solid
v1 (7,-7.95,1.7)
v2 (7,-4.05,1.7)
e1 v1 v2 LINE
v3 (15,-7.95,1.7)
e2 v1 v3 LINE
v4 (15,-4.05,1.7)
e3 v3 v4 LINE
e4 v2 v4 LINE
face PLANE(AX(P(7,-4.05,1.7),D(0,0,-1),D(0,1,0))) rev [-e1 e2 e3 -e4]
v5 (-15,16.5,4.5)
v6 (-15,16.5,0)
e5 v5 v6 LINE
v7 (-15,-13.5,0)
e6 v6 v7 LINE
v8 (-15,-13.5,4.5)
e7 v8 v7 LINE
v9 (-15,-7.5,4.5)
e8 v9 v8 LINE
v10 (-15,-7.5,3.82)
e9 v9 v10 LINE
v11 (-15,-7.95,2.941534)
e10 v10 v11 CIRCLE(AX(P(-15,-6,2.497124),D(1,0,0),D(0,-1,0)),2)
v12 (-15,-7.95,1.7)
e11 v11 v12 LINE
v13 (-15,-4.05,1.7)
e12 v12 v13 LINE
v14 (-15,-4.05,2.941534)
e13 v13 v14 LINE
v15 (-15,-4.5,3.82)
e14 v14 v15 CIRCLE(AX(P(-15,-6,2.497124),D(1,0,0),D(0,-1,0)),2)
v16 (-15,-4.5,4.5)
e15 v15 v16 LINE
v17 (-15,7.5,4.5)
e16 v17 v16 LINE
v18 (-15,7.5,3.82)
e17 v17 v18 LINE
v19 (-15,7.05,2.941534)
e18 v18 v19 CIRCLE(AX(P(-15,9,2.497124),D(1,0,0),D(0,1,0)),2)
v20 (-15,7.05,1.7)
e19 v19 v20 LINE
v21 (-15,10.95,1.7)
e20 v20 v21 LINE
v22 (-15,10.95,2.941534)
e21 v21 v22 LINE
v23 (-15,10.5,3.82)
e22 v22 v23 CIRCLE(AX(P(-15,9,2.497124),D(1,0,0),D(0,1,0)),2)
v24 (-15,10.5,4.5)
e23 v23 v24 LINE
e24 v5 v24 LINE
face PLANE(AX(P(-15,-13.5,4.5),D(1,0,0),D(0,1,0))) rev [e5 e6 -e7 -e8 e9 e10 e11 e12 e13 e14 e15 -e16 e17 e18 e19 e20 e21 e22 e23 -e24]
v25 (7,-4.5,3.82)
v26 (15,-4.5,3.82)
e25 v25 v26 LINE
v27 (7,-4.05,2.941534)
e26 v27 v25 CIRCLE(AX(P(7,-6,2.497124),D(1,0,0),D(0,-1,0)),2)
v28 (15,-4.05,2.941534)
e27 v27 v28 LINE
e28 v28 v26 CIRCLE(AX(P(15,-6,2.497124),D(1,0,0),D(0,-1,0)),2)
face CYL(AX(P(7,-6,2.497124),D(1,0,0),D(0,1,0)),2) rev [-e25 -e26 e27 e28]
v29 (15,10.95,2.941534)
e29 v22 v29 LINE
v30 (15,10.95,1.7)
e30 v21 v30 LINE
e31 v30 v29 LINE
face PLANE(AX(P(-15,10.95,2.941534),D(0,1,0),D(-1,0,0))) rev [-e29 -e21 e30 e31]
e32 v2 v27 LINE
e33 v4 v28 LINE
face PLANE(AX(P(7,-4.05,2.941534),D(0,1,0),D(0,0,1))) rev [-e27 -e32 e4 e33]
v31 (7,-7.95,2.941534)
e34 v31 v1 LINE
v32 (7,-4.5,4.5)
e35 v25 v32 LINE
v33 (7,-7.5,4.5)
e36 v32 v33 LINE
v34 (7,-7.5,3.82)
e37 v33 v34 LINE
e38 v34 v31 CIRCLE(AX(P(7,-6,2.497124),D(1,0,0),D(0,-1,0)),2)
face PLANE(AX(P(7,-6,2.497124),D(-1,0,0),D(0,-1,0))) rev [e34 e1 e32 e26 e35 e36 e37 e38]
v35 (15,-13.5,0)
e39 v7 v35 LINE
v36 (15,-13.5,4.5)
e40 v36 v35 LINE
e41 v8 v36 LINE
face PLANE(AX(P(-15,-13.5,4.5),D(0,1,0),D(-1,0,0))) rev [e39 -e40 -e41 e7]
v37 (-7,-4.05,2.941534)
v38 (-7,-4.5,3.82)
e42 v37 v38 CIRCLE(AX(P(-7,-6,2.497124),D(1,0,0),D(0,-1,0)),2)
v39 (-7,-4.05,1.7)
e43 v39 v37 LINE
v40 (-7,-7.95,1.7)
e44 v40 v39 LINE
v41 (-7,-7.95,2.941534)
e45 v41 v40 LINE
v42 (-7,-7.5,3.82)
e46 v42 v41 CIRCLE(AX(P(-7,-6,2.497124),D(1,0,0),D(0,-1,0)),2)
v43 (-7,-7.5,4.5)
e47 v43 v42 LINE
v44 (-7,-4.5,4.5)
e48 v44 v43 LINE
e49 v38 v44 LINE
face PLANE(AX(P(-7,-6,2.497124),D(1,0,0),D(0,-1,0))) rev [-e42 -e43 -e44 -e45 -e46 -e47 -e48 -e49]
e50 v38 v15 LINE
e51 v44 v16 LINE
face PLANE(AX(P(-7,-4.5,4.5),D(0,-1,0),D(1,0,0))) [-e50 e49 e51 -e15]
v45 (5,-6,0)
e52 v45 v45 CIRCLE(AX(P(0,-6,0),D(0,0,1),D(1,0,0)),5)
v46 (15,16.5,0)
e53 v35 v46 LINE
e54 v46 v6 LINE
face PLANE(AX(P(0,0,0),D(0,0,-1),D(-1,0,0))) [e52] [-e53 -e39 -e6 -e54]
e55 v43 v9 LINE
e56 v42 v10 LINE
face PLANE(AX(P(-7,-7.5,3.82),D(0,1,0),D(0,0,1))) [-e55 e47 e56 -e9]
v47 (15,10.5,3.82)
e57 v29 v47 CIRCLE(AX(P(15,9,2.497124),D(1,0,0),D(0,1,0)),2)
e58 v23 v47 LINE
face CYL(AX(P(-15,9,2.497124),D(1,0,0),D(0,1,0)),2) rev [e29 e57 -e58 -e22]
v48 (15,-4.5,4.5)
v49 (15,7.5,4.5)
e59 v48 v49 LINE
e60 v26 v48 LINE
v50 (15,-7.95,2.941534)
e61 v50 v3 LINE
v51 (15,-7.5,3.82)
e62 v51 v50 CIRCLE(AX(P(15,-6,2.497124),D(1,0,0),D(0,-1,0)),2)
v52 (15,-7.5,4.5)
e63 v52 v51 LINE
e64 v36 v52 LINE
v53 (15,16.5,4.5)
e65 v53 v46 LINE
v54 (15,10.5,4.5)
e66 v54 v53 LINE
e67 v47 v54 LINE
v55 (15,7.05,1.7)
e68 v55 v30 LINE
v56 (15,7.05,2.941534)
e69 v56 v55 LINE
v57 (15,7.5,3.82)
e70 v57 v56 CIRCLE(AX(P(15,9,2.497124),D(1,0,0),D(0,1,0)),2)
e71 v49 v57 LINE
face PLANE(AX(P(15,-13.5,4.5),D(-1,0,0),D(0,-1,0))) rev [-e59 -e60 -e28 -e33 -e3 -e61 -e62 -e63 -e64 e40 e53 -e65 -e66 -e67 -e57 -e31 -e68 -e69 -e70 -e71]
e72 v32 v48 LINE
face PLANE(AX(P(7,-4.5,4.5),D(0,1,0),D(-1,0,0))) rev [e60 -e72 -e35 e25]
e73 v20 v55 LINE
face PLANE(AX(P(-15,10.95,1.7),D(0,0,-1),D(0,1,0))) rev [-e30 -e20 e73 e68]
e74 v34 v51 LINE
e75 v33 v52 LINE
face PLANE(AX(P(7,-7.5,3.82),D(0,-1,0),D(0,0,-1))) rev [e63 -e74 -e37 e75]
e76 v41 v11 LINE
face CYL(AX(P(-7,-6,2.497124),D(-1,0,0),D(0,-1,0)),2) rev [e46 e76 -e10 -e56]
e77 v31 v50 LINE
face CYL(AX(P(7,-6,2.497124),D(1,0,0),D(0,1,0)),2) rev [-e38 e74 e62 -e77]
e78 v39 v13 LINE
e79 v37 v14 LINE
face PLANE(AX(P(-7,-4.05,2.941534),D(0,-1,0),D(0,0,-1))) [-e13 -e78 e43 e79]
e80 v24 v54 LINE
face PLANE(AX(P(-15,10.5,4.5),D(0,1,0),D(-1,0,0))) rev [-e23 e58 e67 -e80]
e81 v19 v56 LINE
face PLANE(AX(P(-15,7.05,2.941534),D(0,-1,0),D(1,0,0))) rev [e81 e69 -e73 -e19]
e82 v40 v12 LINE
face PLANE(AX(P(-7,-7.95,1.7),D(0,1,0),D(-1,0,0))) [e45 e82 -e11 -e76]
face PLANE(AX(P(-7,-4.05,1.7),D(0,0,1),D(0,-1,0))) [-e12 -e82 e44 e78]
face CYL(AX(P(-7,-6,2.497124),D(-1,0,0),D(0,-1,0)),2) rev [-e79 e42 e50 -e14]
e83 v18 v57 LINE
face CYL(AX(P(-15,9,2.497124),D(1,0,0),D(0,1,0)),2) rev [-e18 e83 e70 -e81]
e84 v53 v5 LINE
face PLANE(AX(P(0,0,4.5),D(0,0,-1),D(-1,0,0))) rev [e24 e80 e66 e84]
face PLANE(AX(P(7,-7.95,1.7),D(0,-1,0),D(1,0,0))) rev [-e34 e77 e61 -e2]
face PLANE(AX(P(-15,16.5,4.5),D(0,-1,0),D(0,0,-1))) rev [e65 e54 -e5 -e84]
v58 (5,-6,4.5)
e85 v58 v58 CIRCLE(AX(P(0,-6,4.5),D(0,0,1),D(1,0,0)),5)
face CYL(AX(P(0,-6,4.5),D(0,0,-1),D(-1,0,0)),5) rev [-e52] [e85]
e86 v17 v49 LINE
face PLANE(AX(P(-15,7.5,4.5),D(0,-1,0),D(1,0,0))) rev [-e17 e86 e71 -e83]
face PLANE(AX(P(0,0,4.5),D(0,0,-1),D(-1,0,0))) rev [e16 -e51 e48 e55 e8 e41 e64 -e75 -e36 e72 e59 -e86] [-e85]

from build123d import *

# Parameters (mm, degrees)
SKETCH_2_W          = 30
SKETCH_2_H          = 30
SKETCH_2_R          = 5
EXTRUDE_1_DEPTH     = 4.5
CUT_EXTRUDE_1_DEPTH = 35.5325933
CUT_EXTRUDE_2_DEPTH = 8


with BuildPart() as part:
    # 草图2 → 凸台-拉伸1 (new body)
    with BuildSketch(Plane.XY):
        with Locations((0, 1.5)):
            Rectangle(SKETCH_2_W, SKETCH_2_H)
        with Locations((0, -6)):
            Circle(SKETCH_2_R, mode=Mode.SUBTRACT)
    extrude(amount=EXTRUDE_1_DEPTH)

    # 草图4 → 切除-拉伸1 (cut, through all)
    with BuildSketch(Plane(origin=(15, 0, 0), x_dir=(0, 0, -1), z_dir=(1, 0, 0))):
        with BuildLine():
            Line((-4.5, 7.5), (-3.82, 7.5))
            ThreePointArc((-3.82, 7.5), (-3.408962817, 7.219957697), (-2.941534065, 7.05))
            Line((-2.941534065, 7.05), (-1.7, 7.05))
            Line((-1.7, 7.05), (-1.7, 10.95))
            Line((-1.7, 10.95), (-2.941534065, 10.95))
            ThreePointArc((-2.941534065, 10.95), (-3.408962817, 10.780042303), (-3.82, 10.5))
            Line((-3.82, 10.5), (-4.5, 10.5))
            Line((-4.5, 10.5), (-4.5, 7.5))
        make_face()
    extrude(amount=-CUT_EXTRUDE_1_DEPTH, mode=Mode.SUBTRACT)

    # 草图5 → 切除-拉伸2 (cut)
    with BuildSketch(Plane(origin=(15, 0, 0), x_dir=(0, 0, -1), z_dir=(1, 0, 0))):
        with BuildLine():
            Line((-1.7, -4.05), (-1.7, -7.95))
            Line((-1.7, -7.95), (-2.941534065, -7.95))
            ThreePointArc((-2.941534065, -7.95), (-3.408962817, -7.780042303), (-3.82, -7.5))
            Line((-3.82, -7.5), (-4.5, -7.5))
            Line((-4.5, -7.5), (-4.5, -4.5))
            Line((-4.5, -4.5), (-3.82, -4.5))
            ThreePointArc((-3.82, -4.5), (-3.408962817, -4.219957697), (-2.941534065, -4.05))
            Line((-2.941534065, -4.05), (-1.7, -4.05))
        make_face()
    cut_extrude_2 = extrude(amount=-CUT_EXTRUDE_2_DEPTH, mode=Mode.SUBTRACT)

    # 镜向1: 切除-拉伸2 across plane
    add(cut_extrude_2.mirror(Plane(origin=(0, 0, 0), x_dir=(0, 0, 1), z_dir=(1, 0, 0))), mode=Mode.SUBTRACT)


solid = part.part
